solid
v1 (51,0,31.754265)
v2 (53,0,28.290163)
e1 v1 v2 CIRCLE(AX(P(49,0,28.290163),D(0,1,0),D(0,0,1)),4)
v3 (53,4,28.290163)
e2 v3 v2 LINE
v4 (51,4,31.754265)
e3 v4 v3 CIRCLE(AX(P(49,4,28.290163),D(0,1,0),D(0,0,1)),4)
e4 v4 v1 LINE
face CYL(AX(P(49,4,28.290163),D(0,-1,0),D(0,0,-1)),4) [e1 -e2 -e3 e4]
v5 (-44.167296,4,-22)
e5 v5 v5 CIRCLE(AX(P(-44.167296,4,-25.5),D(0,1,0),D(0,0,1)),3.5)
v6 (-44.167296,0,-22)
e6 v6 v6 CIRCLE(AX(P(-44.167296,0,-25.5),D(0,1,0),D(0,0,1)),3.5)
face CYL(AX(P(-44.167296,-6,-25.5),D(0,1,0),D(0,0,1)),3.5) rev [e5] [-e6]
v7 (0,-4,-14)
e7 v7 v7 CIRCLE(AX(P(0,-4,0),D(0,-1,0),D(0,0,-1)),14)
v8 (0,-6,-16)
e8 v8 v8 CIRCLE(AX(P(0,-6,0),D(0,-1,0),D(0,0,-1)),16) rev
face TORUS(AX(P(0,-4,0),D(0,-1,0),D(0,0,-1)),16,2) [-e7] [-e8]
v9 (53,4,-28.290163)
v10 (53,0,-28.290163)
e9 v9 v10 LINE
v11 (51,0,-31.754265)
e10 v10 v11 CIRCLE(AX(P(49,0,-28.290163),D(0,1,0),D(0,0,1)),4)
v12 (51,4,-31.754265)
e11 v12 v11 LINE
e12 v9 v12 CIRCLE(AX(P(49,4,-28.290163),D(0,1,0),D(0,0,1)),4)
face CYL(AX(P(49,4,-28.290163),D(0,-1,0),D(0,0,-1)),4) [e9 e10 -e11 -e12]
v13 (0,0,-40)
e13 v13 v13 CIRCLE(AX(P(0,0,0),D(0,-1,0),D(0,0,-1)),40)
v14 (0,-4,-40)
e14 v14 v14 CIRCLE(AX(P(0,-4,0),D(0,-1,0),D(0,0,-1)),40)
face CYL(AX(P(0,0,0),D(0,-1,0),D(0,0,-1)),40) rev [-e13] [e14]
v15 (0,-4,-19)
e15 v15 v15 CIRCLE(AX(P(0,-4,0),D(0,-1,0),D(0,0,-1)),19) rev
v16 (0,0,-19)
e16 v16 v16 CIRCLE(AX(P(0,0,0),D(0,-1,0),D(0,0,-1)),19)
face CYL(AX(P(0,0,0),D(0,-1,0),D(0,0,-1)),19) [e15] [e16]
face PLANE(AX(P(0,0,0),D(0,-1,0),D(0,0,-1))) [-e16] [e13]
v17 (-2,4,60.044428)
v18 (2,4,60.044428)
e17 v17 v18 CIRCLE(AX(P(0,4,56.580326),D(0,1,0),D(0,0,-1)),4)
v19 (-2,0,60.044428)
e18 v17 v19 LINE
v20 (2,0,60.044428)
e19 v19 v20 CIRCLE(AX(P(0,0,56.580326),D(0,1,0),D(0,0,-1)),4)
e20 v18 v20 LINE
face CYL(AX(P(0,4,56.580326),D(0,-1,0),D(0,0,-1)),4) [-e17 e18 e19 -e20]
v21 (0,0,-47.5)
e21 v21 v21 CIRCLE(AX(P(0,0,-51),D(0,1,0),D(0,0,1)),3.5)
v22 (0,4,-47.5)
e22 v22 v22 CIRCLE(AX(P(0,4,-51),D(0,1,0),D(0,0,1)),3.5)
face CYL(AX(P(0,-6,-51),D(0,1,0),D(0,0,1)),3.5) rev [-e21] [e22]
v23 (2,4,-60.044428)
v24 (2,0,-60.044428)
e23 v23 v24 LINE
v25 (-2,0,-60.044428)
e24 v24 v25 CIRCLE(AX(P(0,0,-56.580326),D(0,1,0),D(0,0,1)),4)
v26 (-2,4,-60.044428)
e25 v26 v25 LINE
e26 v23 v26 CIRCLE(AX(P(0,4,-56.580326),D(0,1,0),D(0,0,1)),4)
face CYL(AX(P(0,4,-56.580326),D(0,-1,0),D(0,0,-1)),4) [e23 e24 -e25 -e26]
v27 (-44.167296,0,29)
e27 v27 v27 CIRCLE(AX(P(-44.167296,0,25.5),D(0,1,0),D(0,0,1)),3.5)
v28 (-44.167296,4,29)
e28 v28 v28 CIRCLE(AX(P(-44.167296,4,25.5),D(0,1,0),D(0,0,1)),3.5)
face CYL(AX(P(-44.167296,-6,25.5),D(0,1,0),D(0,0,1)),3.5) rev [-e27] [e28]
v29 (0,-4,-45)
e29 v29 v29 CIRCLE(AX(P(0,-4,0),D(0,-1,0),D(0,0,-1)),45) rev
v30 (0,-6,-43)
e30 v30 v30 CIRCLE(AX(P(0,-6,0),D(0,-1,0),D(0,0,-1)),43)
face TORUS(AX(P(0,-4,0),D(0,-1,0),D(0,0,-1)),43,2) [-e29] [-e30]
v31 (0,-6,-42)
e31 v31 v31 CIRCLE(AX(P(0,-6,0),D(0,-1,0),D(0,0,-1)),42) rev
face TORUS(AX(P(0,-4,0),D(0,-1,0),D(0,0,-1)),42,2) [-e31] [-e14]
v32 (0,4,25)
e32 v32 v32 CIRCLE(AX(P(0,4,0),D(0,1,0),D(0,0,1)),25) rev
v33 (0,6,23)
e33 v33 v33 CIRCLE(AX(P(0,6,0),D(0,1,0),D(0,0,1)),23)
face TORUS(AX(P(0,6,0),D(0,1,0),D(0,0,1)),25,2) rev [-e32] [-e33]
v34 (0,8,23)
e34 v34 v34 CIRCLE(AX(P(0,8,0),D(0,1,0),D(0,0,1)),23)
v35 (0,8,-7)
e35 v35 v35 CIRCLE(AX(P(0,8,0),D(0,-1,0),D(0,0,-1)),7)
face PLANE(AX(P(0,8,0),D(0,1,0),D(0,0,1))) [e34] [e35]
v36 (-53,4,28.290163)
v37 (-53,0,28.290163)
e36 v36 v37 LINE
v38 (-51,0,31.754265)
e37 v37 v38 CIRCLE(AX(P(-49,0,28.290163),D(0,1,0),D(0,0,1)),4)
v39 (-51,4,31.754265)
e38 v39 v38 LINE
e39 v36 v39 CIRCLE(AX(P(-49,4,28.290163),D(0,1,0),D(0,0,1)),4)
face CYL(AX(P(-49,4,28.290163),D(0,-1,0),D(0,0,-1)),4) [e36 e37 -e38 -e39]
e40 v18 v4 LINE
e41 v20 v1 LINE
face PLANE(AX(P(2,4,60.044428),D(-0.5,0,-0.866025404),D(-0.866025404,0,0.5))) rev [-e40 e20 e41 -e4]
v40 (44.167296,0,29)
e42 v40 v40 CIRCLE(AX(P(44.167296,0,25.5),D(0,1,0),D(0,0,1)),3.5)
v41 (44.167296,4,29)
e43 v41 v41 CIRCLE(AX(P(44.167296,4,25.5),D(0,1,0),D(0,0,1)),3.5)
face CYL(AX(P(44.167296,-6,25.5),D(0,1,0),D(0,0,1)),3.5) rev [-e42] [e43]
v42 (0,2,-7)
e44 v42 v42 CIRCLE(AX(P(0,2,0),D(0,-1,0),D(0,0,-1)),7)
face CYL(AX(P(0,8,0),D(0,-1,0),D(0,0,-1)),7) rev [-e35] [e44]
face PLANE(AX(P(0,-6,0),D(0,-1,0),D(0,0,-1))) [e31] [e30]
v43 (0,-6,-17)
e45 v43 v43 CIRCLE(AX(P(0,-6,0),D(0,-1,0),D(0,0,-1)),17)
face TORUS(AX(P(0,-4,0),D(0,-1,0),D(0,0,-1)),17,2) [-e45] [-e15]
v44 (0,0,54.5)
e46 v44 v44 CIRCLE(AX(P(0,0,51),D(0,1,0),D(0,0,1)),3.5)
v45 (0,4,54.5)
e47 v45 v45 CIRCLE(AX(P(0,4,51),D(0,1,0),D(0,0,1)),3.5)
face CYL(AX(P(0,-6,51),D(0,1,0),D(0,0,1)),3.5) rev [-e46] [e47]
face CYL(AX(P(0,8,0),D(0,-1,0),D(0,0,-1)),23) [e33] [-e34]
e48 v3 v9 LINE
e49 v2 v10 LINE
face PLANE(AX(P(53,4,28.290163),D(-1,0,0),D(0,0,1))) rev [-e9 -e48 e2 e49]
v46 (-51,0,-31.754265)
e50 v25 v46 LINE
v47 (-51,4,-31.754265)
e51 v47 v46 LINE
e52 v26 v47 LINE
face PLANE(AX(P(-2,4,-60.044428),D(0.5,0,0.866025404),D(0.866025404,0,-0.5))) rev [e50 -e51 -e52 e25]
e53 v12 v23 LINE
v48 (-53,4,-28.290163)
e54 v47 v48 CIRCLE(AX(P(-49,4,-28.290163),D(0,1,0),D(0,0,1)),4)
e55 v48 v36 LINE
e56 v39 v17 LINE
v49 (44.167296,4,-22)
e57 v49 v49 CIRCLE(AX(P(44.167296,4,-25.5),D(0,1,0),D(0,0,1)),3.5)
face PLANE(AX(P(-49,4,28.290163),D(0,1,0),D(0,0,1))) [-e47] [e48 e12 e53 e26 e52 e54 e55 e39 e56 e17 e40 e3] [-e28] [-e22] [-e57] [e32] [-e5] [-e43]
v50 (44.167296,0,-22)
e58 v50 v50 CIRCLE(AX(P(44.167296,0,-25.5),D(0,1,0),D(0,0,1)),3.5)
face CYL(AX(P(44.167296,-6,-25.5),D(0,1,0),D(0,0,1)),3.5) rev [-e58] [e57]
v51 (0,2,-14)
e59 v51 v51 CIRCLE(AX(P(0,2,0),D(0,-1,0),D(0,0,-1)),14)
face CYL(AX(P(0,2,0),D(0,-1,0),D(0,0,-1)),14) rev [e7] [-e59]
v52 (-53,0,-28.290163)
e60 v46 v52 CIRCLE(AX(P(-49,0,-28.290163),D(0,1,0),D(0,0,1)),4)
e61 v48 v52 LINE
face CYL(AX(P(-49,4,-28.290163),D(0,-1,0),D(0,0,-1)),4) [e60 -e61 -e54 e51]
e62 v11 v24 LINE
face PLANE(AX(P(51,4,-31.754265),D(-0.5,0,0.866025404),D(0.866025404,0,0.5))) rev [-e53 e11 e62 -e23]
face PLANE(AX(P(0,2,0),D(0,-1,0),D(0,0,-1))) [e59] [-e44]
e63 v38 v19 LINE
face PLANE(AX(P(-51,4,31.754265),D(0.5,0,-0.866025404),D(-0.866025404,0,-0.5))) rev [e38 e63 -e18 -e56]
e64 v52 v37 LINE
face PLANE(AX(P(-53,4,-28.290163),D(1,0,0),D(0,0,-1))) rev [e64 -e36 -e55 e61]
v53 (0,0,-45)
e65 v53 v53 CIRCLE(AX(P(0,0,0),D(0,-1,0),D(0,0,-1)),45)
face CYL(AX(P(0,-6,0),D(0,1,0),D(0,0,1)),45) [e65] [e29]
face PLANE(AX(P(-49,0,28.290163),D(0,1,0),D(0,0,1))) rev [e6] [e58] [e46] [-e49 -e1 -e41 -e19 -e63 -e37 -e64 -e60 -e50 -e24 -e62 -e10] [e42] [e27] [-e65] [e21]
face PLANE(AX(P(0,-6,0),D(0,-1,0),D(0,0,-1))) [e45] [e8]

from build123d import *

# Parameters (mm, degrees)
BOSS_EXTRUDE1_DEPTH = 4
SKETCH2_R           = 23
BOSS_EXTRUDE2_DEPTH = 4
SKETCH3_R           = 45
BOSS_EXTRUDE3_DEPTH = 6
SKETCH4_R           = 40
SKETCH4_R_2         = 19
CUT_EXTRUDE1_DEPTH  = 6
SKETCH5_R           = 14
CUT_EXTRUDE2_DEPTH  = 8
SKETCH6_R           = 7
CUT_EXTRUDE3_DEPTH  = 81.888663881
FILLET1_R           = 2
SKETCH7_R           = 3.5
CUT_EXTRUDE4_DEPTH  = 82.110886719


with BuildPart() as part:
    # Sketch1 → Boss-Extrude1 (new body)
    with BuildSketch(Plane(origin=(0, 0, 0), x_dir=(1, 0, 0), z_dir=(0, 1, 0))):
        with BuildLine():
            Line((2, -60.044427996), (51, -31.754264805))
            ThreePointArc((51, -31.754264805), (52.464101615, -30.29016319), (53, -28.29016319))
            Line((53, -28.29016319), (53, 28.29016319))
            ThreePointArc((53, 28.29016319), (52.464101615, 30.29016319), (51, 31.754264805))
            Line((51, 31.754264805), (2, 60.044427996))
            ThreePointArc((2, 60.044427996), (0, 60.580326381), (-2, 60.044427996))
            Line((-2, 60.044427996), (-51, 31.754264805))
            ThreePointArc((-51, 31.754264805), (-52.464101615, 30.29016319), (-53, 28.29016319))
            Line((-53, 28.29016319), (-53, -28.29016319))
            ThreePointArc((-53, -28.29016319), (-52.464101615, -30.29016319), (-51, -31.754264805))
            Line((-51, -31.754264805), (-2, -60.044427996))
            ThreePointArc((-2, -60.044427996), (0, -60.580326381), (2, -60.044427996))
        make_face()
    extrude(amount=BOSS_EXTRUDE1_DEPTH)

    # Sketch2 → Boss-Extrude2 (add)
    with BuildSketch(Plane(origin=(0, 4, 0), x_dir=(1, 0, 0), z_dir=(0, 1, 0))):
        with Locations(Location((0, 0, 0), (0, 0, 270))):
            Circle(SKETCH2_R)
    extrude(amount=BOSS_EXTRUDE2_DEPTH)

    # Sketch3 → Boss-Extrude3 (add)
    with BuildSketch(Plane.XZ):
        with Locations(Location((0, 0, 0), (0, 0, 270))):
            Circle(SKETCH3_R)
    extrude(amount=BOSS_EXTRUDE3_DEPTH)

    # Sketch4 → Cut-Extrude1 (cut)
    with BuildSketch(Plane.XZ.offset(6)):
        with Locations(Location((0, 0, 0), (0, 0, 270))):
            Circle(SKETCH4_R)
        with Locations(Location((0, 0, 0), (0, 0, 270))):
            Circle(SKETCH4_R_2, mode=Mode.SUBTRACT)
    extrude(amount=-CUT_EXTRUDE1_DEPTH, mode=Mode.SUBTRACT)

    # Sketch5 → Cut-Extrude2 (cut)
    with BuildSketch(Plane.XZ.offset(6)):
        with Locations(Location((0, 0, 0), (0, 0, 270))):
            Circle(SKETCH5_R)
    extrude(amount=-CUT_EXTRUDE2_DEPTH, mode=Mode.SUBTRACT)

    # Sketch6 → Cut-Extrude3 (cut, through all)
    with BuildSketch(Plane.XZ.offset(-2)):
        with Locations(Location((0, 0, 0), (0, 0, 270))):
            Circle(SKETCH6_R)
    extrude(amount=-CUT_EXTRUDE3_DEPTH, mode=Mode.SUBTRACT)

    # Fillet1
    fillet1_edges = [part.edges().sort_by_distance(p)[0] for p in [
        (0, 4, -23),
        (0, -6, 45),
        (0, -6, 40),
        (0, -6, 19),
        (0, -6, 14),
    ]]
    fillet(fillet1_edges, radius=FILLET1_R)

    # Sketch7 → Cut-Extrude4 (cut, through all)
    with BuildSketch(Plane(origin=(0, 4, 0), x_dir=(1, 0, 0), z_dir=(0, 1, 0))):
        with Locations(Location((0, 51, 0), (0, 0, 270))):
            Circle(SKETCH7_R)
        with Locations(Location((44.167295593, 25.5, 0), (0, 0, 270))):
            Circle(SKETCH7_R)
        with Locations(Location((44.167295593, -25.5, 0), (0, 0, 270))):
            Circle(SKETCH7_R)
        with Locations(Location((0, -51, 0), (0, 0, 270))):
            Circle(SKETCH7_R)
        with Locations(Location((-44.167295593, -25.5, 0), (0, 0, 270))):
            Circle(SKETCH7_R)
        with Locations(Location((-44.167295593, 25.5, 0), (0, 0, 270))):
            Circle(SKETCH7_R)
    extrude(amount=-CUT_EXTRUDE4_DEPTH, mode=Mode.SUBTRACT)


solid = part.part
